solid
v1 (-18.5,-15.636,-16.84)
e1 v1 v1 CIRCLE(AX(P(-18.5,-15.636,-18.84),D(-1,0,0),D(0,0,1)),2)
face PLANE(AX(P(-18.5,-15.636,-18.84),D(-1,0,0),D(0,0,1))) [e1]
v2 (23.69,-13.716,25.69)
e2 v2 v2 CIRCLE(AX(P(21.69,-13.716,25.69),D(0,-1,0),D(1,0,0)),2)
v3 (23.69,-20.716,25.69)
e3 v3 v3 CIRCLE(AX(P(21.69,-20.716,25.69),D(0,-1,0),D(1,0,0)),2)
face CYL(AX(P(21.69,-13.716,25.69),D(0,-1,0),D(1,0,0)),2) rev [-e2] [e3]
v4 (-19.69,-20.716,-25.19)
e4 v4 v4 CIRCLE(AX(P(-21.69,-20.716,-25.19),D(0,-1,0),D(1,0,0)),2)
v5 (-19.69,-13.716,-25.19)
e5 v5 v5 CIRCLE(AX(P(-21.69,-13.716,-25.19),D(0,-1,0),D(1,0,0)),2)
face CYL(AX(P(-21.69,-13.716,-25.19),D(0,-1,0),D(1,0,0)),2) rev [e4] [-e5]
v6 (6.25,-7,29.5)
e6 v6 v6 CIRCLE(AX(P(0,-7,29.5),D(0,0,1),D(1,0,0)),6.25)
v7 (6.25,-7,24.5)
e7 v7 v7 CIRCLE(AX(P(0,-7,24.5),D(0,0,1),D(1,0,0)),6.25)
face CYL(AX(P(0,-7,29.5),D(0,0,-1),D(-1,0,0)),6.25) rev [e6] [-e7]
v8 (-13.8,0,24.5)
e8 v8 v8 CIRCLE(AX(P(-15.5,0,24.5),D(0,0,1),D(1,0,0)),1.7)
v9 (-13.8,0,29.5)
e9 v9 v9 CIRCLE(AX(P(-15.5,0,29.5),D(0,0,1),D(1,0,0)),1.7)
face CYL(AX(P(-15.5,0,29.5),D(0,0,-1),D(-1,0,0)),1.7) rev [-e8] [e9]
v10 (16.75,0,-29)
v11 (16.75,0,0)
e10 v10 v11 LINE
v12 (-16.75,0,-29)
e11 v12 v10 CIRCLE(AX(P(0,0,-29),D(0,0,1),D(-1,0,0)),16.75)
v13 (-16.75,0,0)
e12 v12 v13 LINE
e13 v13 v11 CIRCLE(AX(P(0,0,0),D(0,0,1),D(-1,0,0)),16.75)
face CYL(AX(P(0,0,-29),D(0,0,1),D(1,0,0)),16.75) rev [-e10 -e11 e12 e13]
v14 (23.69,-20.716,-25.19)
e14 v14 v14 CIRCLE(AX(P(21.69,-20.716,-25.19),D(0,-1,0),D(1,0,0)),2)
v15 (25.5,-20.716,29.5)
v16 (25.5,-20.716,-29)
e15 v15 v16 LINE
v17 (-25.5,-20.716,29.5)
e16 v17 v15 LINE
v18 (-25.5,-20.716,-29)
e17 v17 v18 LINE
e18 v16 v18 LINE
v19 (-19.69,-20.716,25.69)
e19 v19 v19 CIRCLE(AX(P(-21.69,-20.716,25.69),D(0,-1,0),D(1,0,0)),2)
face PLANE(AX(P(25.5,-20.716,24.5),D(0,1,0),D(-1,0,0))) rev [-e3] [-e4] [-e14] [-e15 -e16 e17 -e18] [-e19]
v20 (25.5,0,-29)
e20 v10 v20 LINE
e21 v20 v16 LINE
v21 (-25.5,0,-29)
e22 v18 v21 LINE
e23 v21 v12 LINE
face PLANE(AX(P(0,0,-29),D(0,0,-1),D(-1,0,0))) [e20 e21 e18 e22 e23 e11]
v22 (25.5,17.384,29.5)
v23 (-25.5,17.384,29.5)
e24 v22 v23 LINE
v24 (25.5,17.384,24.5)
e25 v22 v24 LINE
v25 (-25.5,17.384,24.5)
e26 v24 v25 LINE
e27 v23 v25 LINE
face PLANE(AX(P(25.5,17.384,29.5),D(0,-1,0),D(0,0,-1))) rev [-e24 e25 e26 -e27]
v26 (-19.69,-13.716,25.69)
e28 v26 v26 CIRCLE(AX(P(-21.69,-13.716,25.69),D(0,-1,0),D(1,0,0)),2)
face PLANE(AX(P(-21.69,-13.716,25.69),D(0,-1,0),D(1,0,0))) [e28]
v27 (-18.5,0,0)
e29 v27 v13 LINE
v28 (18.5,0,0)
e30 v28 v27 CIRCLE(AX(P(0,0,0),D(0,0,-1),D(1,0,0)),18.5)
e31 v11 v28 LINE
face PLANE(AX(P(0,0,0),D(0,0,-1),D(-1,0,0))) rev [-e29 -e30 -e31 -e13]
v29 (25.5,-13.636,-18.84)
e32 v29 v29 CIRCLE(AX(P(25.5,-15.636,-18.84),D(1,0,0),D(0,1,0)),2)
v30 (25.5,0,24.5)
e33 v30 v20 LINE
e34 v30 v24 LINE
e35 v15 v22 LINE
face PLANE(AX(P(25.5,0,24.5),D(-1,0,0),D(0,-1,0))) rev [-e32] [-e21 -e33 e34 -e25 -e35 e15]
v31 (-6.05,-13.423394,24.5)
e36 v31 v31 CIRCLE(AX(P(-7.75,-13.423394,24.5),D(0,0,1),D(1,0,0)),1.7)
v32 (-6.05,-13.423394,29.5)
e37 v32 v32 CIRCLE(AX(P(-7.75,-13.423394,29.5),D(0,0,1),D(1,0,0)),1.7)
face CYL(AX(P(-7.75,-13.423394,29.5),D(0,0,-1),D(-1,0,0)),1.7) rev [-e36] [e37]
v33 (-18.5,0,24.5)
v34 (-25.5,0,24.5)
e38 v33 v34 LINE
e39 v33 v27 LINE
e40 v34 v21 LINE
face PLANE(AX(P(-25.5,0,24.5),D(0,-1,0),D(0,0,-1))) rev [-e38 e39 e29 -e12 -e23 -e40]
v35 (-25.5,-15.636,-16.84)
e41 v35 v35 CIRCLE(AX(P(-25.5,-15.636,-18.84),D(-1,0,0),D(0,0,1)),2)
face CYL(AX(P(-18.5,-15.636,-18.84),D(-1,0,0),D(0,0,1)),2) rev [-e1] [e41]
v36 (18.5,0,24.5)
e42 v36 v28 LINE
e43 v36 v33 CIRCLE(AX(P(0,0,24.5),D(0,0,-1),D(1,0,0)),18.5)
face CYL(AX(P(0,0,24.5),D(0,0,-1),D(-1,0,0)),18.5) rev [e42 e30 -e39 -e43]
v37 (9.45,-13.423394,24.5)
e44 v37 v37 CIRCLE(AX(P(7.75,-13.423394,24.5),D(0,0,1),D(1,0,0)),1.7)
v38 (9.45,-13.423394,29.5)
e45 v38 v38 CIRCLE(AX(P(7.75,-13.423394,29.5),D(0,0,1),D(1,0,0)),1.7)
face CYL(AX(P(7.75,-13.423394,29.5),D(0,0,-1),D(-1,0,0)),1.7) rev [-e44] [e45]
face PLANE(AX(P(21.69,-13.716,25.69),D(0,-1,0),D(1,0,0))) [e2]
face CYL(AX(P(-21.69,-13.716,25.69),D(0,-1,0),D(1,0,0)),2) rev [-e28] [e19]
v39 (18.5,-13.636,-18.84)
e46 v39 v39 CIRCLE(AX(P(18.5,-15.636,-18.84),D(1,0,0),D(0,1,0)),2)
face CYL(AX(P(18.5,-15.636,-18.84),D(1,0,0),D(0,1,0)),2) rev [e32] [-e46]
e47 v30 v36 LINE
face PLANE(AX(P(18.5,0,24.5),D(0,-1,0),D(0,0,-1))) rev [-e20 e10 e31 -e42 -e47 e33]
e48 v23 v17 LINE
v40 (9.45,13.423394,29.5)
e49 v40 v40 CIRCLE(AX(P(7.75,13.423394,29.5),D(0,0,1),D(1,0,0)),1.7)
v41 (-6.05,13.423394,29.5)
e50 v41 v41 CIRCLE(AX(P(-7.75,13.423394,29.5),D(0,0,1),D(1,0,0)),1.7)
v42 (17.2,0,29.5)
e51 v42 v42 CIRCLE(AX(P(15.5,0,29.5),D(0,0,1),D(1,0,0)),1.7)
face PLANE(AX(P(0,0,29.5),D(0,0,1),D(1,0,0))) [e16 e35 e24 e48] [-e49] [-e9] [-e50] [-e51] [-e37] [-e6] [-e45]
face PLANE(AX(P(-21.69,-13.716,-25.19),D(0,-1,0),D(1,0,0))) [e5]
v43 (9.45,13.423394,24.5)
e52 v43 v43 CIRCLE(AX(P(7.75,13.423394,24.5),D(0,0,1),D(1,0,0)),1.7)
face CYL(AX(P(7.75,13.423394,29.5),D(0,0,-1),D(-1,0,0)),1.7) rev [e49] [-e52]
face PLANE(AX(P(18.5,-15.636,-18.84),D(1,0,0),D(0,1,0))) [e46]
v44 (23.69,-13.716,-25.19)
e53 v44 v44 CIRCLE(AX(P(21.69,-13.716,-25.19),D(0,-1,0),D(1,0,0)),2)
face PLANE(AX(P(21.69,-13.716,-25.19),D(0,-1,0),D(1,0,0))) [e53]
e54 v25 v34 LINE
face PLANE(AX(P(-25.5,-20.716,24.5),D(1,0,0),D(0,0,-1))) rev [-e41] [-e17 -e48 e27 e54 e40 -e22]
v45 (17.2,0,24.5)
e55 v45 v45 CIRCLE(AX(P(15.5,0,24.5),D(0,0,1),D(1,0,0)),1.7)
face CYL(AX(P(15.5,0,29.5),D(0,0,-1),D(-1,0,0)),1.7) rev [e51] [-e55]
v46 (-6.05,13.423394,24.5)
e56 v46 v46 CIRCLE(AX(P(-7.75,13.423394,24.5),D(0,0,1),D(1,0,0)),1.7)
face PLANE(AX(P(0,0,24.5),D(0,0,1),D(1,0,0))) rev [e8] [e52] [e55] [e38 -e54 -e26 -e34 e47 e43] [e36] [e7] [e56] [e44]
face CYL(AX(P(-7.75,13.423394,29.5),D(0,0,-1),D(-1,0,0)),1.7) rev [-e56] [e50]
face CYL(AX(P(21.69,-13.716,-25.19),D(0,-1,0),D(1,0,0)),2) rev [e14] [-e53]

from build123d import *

# Parameters (mm, degrees)
BOSS_EXTRUDE1_DEPTH = 24.500000006
SKETCH2_W           = 51
SKETCH2_H           = 38.1
SKETCH2_R           = 6.25
SKETCH2_R_2         = 1.7
BOSS_EXTRUDE2_DEPTH = 5
BOSS_EXTRUDE3_DEPTH = 29
SKETCH4_R           = 2.000000064
CUT_EXTRUDE1_DEPTH  = 6.99999997
SKETCH5_R           = 2.000000064
CUT_EXTRUDE2_DEPTH  = 6.99999997
CUT_EXTRUDE3_START  = -6.99999997
SKETCH6_R           = 2.000000064
CUT_EXTRUDE3_DEPTH  = 6.99999997


with BuildPart() as part:
    # Sketch1 → Boss-Extrude1 (new body)
    with BuildSketch(Plane.XY):
        with BuildLine():
            Line((18.5, 0), (25.5, 0))
            Line((25.5, 0), (25.5, -20.716))
            Line((25.5, -20.716), (-25.5, -20.716))
            Line((-25.5, -20.716), (-25.5, 0))
            Line((-25.5, 0), (-18.5, 0))
            ThreePointArc((-18.5, 0), (0, -18.5), (18.5, 0))
        make_face()
    extrude(amount=BOSS_EXTRUDE1_DEPTH)

    # Sketch2 → Boss-Extrude2 (add)
    with BuildSketch(Plane.XY.offset(24.500000006)):
        with Locations((0, -1.666)):
            Rectangle(SKETCH2_W, SKETCH2_H)
        with Locations((0, -7)):
            Circle(SKETCH2_R, mode=Mode.SUBTRACT)
        with Locations((15.5, 0)):
            Circle(SKETCH2_R_2, mode=Mode.SUBTRACT)
        with Locations((-7.75, -13.423393759)):
            Circle(SKETCH2_R_2, mode=Mode.SUBTRACT)
        with Locations((-7.75, 13.423393759)):
            Circle(SKETCH2_R_2, mode=Mode.SUBTRACT)
        with Locations((-15.5, 0)):
            Circle(SKETCH2_R_2, mode=Mode.SUBTRACT)
        with Locations((7.75, 13.423393759)):
            Circle(SKETCH2_R_2, mode=Mode.SUBTRACT)
        with Locations((7.75, -13.423393759)):
            Circle(SKETCH2_R_2, mode=Mode.SUBTRACT)
    extrude(amount=BOSS_EXTRUDE2_DEPTH)

    # Sketch3 → Boss-Extrude3 (add)
    with BuildSketch(Plane(origin=(0, 0, 0), x_dir=(-1, 0, 0), z_dir=(0, 0, -1))):
        with BuildLine():
            Line((16.75, 0), (25.5, 0))
            Line((25.5, 0), (25.5, -20.716))
            Line((25.5, -20.716), (-25.5, -20.716))
            Line((-25.5, -20.716), (-25.5, 0))
            Line((-25.5, 0), (-16.75, 0))
            ThreePointArc((-16.75, 0), (0, -16.75), (16.75, 0))
        make_face()
    extrude(amount=BOSS_EXTRUDE3_DEPTH)

    # Sketch4 → Cut-Extrude1 (cut)
    with BuildSketch(Plane.XZ.offset(20.716)):
        with Locations((-21.69, 25.690000006)):
            Circle(SKETCH4_R)
        with Locations((21.69, 25.690000006)):
            Circle(SKETCH4_R)
        with Locations((-21.69, -25.19)):
            Circle(SKETCH4_R)
        with Locations((21.69, -25.19)):
            Circle(SKETCH4_R)
    extrude(amount=-CUT_EXTRUDE1_DEPTH, mode=Mode.SUBTRACT)

    # Sketch5 → Cut-Extrude2 (cut)
    with BuildSketch(Plane.ZY.offset(25.5)):
        with Locations((-18.84, -15.636)):
            Circle(SKETCH5_R)
    extrude(amount=-CUT_EXTRUDE2_DEPTH, mode=Mode.SUBTRACT)

    # Sketch6 → Cut-Extrude3 (cut)
    with BuildSketch(Plane(origin=(25.5, 0, 0), x_dir=(0, 0, -1), z_dir=(1, 0, 0)).offset(CUT_EXTRUDE3_START)):
        with Locations(Location((18.84, -15.636, 0), (0, 0, 180))):
            Circle(SKETCH6_R)
    extrude(amount=CUT_EXTRUDE3_DEPTH, mode=Mode.SUBTRACT)


solid = part.part
